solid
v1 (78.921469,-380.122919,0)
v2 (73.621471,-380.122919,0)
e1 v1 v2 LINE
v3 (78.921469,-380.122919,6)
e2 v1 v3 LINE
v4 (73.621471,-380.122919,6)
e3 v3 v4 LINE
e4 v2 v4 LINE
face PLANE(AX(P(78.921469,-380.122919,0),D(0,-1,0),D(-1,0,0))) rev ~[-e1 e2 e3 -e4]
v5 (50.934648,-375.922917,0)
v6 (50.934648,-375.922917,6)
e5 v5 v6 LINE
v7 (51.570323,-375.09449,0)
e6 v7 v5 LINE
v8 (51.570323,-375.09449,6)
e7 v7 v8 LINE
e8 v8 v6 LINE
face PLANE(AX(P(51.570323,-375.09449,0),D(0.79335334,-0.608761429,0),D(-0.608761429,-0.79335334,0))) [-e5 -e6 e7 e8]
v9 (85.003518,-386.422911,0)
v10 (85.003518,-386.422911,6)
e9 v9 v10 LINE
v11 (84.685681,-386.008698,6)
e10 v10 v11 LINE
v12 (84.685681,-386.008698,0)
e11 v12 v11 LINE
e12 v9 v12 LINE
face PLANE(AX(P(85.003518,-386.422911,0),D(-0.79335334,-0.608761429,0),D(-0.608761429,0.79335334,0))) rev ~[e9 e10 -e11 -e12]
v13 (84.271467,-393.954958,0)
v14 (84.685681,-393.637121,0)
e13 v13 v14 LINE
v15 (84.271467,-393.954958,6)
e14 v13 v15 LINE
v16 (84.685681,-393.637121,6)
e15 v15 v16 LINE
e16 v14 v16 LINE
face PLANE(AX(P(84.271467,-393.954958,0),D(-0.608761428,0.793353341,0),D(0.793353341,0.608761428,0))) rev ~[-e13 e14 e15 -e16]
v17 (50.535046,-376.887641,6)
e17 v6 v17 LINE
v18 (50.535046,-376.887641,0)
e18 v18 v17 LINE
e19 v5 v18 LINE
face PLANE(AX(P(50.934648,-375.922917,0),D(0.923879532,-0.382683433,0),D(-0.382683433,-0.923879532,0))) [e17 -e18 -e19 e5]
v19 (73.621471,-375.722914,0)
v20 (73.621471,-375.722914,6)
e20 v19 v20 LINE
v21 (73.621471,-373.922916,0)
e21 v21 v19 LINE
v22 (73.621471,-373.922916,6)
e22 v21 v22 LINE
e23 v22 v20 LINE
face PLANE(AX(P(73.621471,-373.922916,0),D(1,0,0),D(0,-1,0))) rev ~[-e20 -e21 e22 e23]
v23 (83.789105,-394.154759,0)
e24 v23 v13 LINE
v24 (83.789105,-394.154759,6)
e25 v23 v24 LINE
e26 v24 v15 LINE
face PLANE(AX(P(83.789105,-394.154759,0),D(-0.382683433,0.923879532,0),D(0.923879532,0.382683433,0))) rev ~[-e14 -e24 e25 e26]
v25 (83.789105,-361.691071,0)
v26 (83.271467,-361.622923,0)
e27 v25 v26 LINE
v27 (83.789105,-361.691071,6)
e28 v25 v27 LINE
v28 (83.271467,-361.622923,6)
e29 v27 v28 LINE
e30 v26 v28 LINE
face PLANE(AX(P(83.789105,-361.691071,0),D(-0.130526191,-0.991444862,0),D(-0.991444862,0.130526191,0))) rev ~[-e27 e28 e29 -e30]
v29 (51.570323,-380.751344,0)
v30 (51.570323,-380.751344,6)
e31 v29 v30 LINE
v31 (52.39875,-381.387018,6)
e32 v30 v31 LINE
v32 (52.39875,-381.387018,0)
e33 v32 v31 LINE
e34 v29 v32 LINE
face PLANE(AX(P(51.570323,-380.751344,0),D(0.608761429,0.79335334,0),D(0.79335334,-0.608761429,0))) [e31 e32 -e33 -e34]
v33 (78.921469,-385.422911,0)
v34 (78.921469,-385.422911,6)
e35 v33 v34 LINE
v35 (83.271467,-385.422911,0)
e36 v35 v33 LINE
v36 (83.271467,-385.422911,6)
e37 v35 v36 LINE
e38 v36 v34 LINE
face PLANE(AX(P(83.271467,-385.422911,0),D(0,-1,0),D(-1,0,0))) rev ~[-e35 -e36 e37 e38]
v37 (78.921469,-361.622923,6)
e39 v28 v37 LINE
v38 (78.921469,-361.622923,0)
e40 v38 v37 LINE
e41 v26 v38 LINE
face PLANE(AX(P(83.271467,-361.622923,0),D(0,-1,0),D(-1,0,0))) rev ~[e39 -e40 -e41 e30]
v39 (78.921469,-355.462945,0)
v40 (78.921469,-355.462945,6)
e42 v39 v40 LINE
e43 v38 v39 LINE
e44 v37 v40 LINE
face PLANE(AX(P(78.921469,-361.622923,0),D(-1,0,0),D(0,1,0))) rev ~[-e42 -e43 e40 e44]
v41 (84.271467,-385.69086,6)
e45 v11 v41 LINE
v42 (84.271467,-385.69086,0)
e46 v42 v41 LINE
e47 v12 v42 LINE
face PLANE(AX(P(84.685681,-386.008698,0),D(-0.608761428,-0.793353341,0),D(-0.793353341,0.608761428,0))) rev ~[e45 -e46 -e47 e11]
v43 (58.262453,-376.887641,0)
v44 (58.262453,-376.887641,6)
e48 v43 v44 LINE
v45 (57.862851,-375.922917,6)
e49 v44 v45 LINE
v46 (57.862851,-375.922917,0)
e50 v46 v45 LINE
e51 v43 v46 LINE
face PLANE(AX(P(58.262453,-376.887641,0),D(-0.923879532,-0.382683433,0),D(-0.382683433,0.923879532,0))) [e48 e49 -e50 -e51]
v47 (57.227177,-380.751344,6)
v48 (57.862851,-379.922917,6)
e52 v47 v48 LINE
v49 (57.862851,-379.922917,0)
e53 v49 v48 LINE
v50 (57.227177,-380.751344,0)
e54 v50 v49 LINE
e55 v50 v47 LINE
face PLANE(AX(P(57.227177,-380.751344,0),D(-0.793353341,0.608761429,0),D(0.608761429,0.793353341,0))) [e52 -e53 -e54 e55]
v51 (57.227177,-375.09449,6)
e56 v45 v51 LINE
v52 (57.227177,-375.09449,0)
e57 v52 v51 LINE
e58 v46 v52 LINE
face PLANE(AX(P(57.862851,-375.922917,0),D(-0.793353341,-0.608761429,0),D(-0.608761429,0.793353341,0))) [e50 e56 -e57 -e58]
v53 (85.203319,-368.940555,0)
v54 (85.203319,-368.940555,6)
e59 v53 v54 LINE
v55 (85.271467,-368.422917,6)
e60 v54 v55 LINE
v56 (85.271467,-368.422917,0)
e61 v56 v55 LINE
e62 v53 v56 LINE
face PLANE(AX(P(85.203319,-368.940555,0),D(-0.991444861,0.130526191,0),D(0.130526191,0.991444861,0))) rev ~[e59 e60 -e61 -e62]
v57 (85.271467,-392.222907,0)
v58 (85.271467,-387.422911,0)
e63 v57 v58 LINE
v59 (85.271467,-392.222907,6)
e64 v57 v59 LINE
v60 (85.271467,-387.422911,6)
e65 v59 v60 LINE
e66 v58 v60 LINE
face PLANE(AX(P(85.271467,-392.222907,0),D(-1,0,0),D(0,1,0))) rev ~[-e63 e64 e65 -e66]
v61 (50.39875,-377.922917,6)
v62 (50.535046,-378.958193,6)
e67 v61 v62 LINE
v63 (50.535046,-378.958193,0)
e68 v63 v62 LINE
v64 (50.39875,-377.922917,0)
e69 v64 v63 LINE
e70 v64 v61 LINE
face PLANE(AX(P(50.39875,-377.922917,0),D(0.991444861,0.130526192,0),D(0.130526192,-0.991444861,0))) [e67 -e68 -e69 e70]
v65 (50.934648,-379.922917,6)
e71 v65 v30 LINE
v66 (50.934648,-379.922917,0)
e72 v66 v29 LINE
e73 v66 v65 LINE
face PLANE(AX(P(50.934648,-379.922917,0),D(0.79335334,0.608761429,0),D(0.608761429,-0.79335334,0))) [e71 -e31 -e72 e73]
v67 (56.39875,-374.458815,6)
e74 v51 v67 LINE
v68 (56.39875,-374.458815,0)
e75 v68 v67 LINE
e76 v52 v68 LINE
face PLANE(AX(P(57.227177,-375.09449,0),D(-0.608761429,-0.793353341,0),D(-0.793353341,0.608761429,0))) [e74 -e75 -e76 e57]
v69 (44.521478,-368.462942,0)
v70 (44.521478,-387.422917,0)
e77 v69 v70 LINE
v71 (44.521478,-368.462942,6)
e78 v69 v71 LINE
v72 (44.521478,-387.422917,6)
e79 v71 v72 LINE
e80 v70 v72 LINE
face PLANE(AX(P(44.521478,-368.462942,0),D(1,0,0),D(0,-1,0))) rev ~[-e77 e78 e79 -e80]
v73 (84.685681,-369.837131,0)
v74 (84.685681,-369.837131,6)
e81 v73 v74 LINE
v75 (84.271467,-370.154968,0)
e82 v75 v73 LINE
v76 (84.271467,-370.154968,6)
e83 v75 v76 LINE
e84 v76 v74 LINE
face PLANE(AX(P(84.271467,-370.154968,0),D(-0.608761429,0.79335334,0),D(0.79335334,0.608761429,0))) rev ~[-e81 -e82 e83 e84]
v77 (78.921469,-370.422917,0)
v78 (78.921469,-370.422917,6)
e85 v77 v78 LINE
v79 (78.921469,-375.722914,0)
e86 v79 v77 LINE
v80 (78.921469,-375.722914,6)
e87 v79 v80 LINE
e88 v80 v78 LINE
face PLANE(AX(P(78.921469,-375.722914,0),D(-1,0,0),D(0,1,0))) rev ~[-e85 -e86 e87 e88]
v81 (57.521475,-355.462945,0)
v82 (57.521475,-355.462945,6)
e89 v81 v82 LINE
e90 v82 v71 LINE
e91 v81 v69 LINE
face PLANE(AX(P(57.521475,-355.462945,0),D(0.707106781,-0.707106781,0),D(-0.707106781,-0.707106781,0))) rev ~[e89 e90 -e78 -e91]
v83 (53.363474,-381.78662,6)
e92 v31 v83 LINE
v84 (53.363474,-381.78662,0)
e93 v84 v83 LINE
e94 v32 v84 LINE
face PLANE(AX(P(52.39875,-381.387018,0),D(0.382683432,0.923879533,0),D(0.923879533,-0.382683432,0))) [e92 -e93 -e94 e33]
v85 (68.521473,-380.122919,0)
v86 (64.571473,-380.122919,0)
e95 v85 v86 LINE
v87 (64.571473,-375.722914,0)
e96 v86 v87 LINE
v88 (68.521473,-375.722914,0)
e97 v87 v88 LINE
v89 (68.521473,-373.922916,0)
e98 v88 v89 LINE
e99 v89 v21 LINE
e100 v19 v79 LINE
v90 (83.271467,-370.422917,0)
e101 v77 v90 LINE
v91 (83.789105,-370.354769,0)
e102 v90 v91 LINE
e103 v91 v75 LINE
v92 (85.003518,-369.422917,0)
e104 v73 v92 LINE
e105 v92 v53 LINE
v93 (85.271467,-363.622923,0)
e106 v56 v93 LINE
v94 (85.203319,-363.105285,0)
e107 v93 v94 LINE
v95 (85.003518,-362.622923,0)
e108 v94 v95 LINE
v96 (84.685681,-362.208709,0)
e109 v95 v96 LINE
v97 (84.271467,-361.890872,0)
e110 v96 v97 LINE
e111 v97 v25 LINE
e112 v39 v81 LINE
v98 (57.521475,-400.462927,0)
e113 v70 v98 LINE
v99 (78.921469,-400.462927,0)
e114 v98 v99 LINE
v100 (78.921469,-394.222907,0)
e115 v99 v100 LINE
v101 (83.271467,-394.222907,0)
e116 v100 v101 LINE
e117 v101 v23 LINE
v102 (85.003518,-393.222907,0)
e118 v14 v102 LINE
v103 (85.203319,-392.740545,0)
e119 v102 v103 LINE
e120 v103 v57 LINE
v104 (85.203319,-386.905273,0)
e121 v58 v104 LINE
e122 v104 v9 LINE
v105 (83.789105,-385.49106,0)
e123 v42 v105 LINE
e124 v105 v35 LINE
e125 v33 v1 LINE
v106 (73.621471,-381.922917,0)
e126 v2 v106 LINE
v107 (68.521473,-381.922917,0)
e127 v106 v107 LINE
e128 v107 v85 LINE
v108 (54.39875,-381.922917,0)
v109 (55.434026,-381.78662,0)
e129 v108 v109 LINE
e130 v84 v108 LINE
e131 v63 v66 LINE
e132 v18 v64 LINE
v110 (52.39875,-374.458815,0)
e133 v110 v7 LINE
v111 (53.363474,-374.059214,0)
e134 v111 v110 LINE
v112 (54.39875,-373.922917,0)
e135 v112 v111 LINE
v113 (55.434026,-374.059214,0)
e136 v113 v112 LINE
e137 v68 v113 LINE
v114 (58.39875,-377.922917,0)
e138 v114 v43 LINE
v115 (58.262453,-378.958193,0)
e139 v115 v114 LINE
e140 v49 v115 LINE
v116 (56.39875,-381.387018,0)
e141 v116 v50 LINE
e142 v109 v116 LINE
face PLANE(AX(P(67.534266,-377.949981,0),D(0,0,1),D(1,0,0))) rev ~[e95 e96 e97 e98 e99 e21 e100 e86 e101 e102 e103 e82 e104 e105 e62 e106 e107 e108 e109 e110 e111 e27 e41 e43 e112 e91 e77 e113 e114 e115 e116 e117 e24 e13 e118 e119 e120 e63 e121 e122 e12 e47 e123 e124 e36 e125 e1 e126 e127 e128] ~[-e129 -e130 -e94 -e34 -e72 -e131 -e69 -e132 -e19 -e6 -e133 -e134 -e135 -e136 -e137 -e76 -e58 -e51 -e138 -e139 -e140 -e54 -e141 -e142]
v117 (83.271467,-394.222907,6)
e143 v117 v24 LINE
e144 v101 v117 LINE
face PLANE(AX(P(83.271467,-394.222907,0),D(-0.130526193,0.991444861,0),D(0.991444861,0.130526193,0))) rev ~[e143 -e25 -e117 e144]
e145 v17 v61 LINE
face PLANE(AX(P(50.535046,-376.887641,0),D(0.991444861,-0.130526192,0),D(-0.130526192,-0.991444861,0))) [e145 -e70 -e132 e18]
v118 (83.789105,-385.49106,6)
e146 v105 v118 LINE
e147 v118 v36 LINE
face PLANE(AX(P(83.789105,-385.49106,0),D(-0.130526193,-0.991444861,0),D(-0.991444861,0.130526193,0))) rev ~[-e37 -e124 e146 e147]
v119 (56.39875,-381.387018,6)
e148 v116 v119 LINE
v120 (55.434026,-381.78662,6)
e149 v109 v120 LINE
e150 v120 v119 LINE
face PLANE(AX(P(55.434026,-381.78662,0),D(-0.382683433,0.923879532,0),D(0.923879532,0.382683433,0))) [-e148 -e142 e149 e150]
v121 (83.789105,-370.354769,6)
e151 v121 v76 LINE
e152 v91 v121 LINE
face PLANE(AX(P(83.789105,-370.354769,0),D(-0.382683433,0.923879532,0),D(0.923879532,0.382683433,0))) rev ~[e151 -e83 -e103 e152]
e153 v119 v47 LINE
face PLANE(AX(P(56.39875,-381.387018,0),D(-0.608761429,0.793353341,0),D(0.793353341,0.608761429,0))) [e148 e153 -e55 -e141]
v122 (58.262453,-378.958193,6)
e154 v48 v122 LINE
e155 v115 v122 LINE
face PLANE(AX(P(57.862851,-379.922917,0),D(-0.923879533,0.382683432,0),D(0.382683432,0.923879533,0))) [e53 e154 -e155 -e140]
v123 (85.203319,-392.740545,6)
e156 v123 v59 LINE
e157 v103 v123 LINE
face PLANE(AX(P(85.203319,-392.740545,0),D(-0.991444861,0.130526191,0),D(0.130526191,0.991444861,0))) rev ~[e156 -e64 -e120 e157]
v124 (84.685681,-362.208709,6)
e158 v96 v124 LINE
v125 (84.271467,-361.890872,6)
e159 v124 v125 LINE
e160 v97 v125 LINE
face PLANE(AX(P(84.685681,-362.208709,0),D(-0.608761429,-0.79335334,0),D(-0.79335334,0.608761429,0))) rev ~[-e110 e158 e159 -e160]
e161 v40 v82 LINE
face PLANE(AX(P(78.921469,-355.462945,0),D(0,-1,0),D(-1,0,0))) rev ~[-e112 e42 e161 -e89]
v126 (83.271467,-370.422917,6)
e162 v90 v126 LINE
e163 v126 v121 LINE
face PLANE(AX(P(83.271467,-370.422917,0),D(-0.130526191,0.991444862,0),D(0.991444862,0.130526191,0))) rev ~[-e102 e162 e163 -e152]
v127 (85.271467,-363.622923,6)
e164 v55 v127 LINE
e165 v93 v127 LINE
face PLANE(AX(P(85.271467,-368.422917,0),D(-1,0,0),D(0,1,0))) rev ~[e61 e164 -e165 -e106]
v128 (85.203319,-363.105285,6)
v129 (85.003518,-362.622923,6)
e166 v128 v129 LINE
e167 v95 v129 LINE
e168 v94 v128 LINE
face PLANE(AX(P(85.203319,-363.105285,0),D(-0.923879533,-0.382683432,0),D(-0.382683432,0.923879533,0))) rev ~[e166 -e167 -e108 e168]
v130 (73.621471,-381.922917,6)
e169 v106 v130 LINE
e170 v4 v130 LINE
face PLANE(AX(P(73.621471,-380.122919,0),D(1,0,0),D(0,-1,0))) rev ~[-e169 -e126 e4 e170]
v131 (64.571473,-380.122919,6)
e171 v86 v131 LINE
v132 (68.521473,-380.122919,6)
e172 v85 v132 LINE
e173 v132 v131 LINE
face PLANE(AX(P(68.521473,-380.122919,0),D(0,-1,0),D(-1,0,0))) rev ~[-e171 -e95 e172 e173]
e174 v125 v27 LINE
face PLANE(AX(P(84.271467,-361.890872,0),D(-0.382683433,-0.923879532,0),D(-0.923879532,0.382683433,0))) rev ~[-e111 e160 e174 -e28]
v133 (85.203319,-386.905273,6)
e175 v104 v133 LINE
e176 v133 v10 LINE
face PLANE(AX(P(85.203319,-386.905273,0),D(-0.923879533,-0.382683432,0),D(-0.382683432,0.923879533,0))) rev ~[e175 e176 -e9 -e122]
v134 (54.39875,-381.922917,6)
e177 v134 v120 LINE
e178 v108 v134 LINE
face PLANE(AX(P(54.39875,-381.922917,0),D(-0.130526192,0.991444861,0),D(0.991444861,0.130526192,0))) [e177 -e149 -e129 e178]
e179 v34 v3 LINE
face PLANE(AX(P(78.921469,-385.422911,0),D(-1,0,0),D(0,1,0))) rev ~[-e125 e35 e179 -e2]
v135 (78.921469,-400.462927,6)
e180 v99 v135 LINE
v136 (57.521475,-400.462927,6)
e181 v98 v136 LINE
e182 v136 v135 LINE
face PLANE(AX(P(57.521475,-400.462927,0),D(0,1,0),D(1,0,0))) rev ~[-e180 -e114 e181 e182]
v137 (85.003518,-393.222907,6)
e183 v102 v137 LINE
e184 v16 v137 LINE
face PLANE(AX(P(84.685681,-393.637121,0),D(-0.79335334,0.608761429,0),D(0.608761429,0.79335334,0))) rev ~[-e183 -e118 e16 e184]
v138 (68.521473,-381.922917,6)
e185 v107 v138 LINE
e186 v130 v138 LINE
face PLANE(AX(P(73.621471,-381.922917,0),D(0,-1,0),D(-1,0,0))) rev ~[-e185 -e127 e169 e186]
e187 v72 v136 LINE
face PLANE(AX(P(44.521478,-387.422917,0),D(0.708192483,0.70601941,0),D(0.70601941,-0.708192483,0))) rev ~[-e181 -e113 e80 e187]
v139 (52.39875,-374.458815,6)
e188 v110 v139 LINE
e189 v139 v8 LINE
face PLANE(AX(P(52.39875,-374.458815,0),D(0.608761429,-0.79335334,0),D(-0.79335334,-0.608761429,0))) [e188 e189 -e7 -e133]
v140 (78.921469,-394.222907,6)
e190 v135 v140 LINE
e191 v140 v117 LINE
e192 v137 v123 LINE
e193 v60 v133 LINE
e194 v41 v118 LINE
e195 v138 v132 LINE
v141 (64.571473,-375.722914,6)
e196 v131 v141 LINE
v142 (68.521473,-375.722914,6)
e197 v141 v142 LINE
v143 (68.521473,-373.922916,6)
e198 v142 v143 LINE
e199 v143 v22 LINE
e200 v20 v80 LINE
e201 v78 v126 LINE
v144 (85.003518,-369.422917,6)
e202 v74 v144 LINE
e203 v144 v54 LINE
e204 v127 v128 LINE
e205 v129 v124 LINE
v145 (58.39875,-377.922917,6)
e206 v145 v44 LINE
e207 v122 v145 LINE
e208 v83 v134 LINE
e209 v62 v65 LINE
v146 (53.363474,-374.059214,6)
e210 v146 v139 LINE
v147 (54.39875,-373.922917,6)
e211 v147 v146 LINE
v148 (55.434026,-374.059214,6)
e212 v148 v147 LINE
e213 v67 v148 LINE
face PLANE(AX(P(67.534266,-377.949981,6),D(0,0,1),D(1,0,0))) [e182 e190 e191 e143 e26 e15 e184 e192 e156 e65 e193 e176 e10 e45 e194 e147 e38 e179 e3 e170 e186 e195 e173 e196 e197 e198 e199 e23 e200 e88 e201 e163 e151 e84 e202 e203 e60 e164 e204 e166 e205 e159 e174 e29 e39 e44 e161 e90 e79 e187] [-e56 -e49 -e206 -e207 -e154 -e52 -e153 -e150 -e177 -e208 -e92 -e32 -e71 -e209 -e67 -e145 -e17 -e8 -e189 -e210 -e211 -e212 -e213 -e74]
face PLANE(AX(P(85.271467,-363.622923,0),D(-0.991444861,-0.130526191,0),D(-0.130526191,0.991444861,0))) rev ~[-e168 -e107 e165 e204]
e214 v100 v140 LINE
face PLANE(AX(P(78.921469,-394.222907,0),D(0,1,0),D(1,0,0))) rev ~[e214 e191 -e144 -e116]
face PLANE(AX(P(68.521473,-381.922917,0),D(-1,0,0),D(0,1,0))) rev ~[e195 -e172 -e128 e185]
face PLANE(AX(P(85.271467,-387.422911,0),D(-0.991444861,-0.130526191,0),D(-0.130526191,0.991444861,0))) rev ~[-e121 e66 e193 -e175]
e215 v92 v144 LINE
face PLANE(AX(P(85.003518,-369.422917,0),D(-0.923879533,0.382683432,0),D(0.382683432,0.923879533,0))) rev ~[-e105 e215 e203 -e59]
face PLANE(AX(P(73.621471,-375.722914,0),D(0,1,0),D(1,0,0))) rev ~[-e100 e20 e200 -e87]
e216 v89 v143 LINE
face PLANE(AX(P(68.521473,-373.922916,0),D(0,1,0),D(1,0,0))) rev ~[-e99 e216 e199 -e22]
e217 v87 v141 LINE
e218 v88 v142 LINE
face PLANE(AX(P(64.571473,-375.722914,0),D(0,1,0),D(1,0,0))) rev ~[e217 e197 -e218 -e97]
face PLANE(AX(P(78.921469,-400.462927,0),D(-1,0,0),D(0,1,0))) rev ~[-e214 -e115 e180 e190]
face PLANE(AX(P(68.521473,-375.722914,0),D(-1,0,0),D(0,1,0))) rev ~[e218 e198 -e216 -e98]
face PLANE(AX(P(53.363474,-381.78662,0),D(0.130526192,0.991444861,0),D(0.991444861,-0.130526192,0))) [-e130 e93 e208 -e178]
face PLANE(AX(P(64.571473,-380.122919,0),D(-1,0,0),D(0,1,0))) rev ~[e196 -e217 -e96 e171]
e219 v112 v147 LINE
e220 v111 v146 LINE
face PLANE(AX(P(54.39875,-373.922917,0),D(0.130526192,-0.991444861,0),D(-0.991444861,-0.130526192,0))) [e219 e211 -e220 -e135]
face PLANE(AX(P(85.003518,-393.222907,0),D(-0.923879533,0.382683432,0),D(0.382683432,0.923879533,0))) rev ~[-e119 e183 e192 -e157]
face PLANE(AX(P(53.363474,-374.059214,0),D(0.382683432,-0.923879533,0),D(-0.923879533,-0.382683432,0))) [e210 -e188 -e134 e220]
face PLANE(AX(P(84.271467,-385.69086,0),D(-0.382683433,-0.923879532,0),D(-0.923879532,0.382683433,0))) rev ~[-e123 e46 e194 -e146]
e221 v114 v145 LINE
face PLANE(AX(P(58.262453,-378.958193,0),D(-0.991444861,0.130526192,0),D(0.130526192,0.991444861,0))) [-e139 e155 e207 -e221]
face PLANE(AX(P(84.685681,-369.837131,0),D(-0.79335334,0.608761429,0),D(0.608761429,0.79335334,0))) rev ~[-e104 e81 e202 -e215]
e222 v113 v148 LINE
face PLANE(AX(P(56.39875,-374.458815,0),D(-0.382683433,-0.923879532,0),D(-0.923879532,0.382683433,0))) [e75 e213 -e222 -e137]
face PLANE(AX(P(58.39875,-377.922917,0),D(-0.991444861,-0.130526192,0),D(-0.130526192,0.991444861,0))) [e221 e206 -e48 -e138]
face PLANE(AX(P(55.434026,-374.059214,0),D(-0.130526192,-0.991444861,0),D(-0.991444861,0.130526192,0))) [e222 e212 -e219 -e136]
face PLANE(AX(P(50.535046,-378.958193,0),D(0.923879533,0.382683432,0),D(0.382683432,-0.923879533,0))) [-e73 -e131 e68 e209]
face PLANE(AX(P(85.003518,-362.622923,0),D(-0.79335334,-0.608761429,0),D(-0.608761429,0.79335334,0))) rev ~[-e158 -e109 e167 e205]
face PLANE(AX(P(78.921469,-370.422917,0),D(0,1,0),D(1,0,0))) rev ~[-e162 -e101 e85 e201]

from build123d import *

# Parameters (mm, degrees)
BOSS_EXTRUDE1_DEPTH = 6


with BuildPart() as part:
    # Sketch1 → Boss-Extrude1 (new body)
    with BuildSketch(Plane.XY):
        Polygon((57.521474666, -355.462944523), (44.521477546, -368.462941643), (44.521477546, -387.422916834), (57.521474666, -400.462926923), (78.921469418, -400.462926923), (78.921469418, -394.222907142), (83.271467309, -394.222907142), (83.7891054, -394.154758794), (84.271467309, -393.954957949), (84.685680872, -393.637120704), (85.003518117, -393.222907142), (85.203318962, -392.740545232), (85.271467309, -392.222907142), (85.271467309, -387.422911176), (85.203318962, -386.905273086), (85.003518117, -386.422911176), (84.685680872, -386.008697614), (84.271467309, -385.690860369), (83.7891054, -385.491059524), (83.271467309, -385.422911176), (78.921469418, -385.422911176), (78.921469418, -380.12291917), (73.621470596, -380.12291917), (73.621470596, -381.922917402), (68.521472832, -381.922917402), (68.521472832, -380.12291917), (64.57147301, -380.12291917), (64.57147301, -375.722914498), (68.521472832, -375.722914498), (68.521472832, -373.922916266), (73.621470596, -373.922916266), (73.621470596, -375.722914498), (78.921469418, -375.722914498), (78.921469418, -370.422917243), (83.271467309, -370.422917243), (83.7891054, -370.354768896), (84.271467309, -370.154968051), (84.685680872, -369.837130805), (85.003518117, -369.422917243), (85.203318962, -368.940555333), (85.271467309, -368.422917243), (85.271467309, -363.622922801), (85.203318962, -363.105284711), (85.003518117, -362.622922801), (84.685680872, -362.208709239), (84.271467309, -361.890871993), (83.7891054, -361.691071148), (83.271467309, -361.622922801), (78.921469418, -361.622922801), (78.921469418, -355.462944523), align=None)
        Polygon((50.398749784, -377.922916834), (50.535046479, -378.958193014), (50.934648169, -379.922916834), (51.57032266, -380.751343959), (52.398749784, -381.387018449), (53.363473604, -381.786620139), (54.398749784, -381.922916834), (55.434025965, -381.786620139), (56.398749784, -381.387018449), (57.227176909, -380.751343959), (57.862851399, -379.922916834), (58.262453089, -378.958193014), (58.398749784, -377.922916834), (58.262453089, -376.887640653), (57.862851399, -375.922916834), (57.227176909, -375.094489709), (56.398749784, -374.458815219), (55.434025965, -374.059213529), (54.398749784, -373.922916834), (53.363473604, -374.059213529), (52.398749784, -374.458815219), (51.57032266, -375.094489709), (50.934648169, -375.922916834), (50.535046479, -376.887640653), align=None, mode=Mode.SUBTRACT)
    extrude(amount=BOSS_EXTRUDE1_DEPTH)


solid = part.part
